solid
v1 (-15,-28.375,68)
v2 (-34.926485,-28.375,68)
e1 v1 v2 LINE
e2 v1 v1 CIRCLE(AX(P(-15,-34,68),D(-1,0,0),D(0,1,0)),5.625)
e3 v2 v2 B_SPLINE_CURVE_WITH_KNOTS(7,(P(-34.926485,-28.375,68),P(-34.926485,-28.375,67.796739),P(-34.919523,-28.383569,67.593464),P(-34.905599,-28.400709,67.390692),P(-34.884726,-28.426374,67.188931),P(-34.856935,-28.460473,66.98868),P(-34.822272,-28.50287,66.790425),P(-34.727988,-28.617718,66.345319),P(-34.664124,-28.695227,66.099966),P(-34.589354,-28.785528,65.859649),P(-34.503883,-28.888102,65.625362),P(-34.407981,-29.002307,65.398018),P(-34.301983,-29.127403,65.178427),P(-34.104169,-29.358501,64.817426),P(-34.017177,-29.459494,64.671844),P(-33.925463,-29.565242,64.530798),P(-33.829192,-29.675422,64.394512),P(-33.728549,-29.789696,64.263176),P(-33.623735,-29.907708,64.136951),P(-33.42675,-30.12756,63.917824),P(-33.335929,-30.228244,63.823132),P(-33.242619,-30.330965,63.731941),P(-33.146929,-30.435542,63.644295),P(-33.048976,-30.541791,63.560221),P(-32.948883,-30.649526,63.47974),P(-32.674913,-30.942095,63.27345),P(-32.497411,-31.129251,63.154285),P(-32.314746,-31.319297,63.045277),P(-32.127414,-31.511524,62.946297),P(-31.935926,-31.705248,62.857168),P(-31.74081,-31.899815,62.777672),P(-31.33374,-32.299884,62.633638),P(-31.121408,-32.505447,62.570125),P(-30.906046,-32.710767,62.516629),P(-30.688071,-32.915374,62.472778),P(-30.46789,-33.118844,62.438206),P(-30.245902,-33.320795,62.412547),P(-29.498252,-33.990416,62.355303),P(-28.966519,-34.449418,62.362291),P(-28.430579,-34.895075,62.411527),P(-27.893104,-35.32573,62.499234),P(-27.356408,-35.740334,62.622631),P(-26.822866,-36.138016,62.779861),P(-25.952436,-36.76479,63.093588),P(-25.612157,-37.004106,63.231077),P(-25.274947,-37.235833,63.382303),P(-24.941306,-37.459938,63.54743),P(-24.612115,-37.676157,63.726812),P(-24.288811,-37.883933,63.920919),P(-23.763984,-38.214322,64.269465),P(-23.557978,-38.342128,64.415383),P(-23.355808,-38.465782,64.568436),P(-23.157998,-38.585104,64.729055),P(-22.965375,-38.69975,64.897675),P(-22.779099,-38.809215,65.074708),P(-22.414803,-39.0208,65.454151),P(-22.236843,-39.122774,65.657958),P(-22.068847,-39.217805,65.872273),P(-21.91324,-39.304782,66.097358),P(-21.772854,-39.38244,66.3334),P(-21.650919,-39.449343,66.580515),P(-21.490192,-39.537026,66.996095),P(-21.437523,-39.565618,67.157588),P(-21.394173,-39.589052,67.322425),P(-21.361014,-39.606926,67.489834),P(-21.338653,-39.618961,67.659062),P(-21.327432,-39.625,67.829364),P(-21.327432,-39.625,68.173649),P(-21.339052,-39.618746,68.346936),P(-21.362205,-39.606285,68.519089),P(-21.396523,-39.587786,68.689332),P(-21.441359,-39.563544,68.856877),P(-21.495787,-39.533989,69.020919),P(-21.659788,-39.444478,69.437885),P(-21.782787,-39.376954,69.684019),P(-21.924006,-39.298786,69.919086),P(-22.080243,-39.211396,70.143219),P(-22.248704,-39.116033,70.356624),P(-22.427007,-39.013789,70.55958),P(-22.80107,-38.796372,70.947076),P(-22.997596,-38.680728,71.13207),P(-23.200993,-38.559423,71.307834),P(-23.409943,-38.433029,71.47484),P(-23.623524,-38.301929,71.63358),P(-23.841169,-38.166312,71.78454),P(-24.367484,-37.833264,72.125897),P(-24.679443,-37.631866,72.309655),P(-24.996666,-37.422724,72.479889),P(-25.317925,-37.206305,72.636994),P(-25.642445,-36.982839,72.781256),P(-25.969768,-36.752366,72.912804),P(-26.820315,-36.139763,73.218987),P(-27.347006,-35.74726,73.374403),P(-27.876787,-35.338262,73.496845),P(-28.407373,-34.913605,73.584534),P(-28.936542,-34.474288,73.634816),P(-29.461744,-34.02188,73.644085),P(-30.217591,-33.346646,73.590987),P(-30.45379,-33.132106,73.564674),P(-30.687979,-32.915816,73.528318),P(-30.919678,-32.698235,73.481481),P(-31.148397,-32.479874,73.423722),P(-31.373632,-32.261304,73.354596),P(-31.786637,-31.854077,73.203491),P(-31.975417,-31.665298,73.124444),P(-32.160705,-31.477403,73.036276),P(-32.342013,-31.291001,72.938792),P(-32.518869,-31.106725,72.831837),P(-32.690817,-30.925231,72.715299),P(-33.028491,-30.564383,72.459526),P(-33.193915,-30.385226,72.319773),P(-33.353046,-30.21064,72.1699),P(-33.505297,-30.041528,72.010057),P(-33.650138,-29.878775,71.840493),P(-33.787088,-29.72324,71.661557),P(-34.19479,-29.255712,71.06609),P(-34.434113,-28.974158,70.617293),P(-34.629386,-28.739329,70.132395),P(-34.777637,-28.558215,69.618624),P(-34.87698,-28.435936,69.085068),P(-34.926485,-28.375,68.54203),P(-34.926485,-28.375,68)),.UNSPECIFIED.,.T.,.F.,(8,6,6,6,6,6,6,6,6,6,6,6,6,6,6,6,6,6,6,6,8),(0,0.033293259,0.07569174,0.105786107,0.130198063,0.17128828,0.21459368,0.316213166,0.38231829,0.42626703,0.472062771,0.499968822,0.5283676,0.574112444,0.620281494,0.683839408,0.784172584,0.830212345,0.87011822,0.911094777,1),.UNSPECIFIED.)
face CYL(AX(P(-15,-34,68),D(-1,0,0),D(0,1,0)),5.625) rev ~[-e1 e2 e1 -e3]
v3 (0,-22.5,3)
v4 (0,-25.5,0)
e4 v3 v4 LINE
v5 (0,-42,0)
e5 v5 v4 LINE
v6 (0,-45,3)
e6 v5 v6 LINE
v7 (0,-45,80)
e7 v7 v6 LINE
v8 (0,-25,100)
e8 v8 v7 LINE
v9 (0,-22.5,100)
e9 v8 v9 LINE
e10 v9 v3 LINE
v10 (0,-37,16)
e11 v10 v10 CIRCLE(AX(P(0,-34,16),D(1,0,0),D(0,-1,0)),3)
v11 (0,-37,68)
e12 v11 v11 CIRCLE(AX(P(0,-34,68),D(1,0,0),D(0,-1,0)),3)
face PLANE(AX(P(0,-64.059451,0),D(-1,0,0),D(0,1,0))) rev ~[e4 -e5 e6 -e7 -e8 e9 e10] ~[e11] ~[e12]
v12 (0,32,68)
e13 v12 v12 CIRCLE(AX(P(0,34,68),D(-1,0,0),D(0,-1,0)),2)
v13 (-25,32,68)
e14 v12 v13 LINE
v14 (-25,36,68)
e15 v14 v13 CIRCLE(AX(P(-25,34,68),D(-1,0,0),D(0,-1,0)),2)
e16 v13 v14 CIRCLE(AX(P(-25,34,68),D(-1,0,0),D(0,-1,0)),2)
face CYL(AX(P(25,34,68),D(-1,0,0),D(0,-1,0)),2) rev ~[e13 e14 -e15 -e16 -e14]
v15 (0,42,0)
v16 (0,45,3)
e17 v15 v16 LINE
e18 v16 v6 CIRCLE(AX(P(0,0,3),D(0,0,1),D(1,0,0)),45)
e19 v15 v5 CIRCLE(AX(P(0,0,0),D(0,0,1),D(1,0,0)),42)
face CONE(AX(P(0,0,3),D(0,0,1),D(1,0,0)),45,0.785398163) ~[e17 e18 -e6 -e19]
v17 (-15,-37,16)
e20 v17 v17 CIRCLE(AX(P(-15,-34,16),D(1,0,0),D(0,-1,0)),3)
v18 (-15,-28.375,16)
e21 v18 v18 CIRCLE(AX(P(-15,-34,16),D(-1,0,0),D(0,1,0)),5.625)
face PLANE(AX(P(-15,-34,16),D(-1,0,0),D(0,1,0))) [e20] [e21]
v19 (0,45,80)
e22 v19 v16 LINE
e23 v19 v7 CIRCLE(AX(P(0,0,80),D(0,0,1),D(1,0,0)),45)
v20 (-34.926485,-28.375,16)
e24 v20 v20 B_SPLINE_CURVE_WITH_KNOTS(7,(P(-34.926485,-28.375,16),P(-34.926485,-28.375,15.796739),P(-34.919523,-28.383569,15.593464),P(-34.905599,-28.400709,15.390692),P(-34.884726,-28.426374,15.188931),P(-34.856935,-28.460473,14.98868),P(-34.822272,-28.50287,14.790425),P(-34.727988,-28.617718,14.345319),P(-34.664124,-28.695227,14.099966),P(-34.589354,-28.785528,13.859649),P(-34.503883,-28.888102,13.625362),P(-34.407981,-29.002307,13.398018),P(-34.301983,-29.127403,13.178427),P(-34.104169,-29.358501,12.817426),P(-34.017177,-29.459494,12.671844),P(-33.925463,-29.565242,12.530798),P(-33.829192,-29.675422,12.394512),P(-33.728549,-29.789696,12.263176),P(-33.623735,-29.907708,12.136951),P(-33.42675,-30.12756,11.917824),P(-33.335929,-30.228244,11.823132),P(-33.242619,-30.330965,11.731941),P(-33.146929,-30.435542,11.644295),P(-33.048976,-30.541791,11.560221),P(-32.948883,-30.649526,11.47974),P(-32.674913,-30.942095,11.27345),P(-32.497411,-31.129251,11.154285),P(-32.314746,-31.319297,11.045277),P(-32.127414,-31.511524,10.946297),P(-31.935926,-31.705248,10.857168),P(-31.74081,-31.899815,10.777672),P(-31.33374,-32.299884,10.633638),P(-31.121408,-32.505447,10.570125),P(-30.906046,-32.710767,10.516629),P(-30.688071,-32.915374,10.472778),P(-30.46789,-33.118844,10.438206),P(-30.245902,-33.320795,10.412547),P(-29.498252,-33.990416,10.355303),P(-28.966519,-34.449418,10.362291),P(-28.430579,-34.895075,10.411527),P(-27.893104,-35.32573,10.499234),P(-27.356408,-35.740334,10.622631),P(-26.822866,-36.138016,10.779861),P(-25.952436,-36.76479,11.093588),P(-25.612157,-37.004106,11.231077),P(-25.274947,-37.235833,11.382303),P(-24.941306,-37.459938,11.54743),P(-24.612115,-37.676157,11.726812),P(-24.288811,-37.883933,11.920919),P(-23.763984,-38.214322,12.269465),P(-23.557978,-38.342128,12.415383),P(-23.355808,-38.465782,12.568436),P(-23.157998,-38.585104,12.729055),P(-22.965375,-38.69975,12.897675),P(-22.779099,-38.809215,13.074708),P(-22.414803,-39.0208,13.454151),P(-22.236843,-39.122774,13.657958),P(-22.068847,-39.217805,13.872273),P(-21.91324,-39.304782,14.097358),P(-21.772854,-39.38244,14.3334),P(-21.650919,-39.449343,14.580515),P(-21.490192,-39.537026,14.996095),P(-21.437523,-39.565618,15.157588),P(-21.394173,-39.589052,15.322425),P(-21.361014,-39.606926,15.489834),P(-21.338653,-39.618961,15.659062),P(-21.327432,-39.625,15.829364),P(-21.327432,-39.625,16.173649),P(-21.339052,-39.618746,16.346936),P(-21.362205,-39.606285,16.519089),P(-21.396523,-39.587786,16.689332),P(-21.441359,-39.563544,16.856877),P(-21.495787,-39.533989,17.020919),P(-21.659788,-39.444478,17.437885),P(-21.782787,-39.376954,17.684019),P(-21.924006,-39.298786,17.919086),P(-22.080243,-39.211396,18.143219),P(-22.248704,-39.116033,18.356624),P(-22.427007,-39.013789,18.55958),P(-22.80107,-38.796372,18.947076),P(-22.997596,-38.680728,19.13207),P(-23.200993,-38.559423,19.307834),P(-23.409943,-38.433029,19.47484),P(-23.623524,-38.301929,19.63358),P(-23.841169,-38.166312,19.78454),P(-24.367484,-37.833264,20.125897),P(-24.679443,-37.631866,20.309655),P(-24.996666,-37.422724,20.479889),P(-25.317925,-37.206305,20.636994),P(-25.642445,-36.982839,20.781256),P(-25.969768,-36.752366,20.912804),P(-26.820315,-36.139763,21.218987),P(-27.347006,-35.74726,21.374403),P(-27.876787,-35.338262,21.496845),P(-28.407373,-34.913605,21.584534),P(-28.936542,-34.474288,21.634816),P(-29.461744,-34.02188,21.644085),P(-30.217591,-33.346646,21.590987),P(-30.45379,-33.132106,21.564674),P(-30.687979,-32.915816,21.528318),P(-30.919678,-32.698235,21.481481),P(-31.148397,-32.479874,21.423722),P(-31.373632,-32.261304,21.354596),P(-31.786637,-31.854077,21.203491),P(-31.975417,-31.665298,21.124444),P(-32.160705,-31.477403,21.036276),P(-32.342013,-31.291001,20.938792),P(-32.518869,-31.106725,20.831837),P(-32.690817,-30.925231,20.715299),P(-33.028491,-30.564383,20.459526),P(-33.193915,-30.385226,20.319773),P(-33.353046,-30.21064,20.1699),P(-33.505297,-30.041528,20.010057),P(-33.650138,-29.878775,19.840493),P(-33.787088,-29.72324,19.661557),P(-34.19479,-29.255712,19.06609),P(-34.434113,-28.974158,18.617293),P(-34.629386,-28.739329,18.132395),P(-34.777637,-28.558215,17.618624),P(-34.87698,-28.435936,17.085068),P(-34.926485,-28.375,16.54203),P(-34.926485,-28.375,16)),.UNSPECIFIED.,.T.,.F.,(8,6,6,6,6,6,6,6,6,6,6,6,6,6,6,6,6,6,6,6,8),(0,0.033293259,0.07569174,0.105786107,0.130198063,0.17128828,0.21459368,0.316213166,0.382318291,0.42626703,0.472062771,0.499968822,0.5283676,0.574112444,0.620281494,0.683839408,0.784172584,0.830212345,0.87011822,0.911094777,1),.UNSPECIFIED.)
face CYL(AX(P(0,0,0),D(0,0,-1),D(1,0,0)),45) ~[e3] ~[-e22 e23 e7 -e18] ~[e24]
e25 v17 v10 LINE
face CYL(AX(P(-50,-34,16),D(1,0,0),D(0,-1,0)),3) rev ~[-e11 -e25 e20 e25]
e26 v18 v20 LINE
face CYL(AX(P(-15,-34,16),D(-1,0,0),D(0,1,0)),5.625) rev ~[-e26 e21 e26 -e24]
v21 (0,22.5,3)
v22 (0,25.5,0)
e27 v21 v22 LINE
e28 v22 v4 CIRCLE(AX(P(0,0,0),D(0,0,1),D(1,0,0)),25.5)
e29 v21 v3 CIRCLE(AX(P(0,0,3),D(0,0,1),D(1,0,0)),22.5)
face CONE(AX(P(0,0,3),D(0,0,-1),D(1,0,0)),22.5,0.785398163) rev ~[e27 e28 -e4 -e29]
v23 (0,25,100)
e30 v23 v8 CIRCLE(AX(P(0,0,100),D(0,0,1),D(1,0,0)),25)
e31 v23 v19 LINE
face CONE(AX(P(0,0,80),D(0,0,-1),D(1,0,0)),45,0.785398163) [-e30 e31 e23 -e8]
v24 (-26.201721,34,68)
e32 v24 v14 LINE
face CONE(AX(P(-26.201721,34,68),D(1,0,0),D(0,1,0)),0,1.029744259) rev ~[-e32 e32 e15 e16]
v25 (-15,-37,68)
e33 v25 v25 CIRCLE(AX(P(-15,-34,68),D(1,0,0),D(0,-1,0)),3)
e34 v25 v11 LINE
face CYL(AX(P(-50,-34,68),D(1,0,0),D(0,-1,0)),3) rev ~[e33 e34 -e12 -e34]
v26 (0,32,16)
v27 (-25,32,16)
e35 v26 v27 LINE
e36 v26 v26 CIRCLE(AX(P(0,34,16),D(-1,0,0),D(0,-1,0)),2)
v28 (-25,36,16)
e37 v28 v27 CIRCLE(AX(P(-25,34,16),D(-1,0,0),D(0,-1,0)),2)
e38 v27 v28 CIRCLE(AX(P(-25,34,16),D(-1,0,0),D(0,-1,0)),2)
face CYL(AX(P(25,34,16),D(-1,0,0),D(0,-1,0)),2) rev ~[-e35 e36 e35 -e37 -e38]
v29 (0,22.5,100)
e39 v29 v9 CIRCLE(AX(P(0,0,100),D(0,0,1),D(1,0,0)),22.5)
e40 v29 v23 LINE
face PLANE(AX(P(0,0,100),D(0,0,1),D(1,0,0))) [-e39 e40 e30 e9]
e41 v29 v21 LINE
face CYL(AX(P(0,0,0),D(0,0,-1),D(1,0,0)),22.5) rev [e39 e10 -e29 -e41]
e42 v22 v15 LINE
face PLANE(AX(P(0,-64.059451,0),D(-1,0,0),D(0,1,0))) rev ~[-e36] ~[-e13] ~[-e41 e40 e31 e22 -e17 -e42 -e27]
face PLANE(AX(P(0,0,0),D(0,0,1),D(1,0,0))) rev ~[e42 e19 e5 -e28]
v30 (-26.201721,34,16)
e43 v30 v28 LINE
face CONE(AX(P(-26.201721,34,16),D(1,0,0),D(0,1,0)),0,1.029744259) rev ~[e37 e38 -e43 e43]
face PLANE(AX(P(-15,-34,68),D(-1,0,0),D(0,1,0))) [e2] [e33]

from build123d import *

# Parameters (mm, degrees)
F0_R            = 45
F0_R_2          = 22.5
F1_DEPTH        = 100
F2_SIZE         = 20
F3_SIZE         = 3
F4_W            = 48.8546937704
F4_H            = 132.6055675745
F5_DEPTH        = 100
F8_D            = 4
F8_DEPTH        = 25
F8_TIP          = 1.2017212381
F10_D           = 6
F10_CBORE_D     = 11.25
F10_CBORE_DEPTH = 35


with BuildPart() as f1:
    # F0 (on Top) → F1 (new body)
    with BuildSketch(Plane.XY):
        Circle(F0_R)
        Circle(F0_R_2, mode=Mode.SUBTRACT)
    extrude(amount=F1_DEPTH)

    # F2
    f2_edges = [f1.edges().sort_by_distance(p)[0] for p in [
        (-45, 0, 100),
    ]]
    chamfer(f2_edges, length=F2_SIZE)

    # F3
    f3_edges = [f1.edges().sort_by_distance(p)[0] for p in [
        (-45, 0, 0),
        (-22.5, 0, 0),
    ]]
    chamfer(f3_edges, length=F3_SIZE)

    # F4 (on Top) → F5 (cut)
    with BuildSketch(Plane.XY):
        with Locations((24.4273468852, 2.2433325648)):
            Rectangle(F4_W, F4_H)
    extrude(amount=F5_DEPTH, mode=Mode.SUBTRACT)

    # F8
    with Locations(Plane.YZ):
        with Locations((34, 68), (34, 16)):
            Hole(F8_D / 2, depth=F8_DEPTH)
            with Locations((0, 0, -(F8_DEPTH + F8_TIP / 2))):  # 118° drill point
                Cone(0, F8_D / 2, F8_TIP, mode=Mode.SUBTRACT)

    # F10 (through all)
    with Locations(Plane(origin=(-50, 0, 0), x_dir=(0, 1, 0), z_dir=(-1, 0, 0))):
        with Locations((-34, -68), (-34, -16)):
            CounterBoreHole(F10_D / 2, F10_CBORE_D / 2, F10_CBORE_DEPTH)


solid = f1.part
